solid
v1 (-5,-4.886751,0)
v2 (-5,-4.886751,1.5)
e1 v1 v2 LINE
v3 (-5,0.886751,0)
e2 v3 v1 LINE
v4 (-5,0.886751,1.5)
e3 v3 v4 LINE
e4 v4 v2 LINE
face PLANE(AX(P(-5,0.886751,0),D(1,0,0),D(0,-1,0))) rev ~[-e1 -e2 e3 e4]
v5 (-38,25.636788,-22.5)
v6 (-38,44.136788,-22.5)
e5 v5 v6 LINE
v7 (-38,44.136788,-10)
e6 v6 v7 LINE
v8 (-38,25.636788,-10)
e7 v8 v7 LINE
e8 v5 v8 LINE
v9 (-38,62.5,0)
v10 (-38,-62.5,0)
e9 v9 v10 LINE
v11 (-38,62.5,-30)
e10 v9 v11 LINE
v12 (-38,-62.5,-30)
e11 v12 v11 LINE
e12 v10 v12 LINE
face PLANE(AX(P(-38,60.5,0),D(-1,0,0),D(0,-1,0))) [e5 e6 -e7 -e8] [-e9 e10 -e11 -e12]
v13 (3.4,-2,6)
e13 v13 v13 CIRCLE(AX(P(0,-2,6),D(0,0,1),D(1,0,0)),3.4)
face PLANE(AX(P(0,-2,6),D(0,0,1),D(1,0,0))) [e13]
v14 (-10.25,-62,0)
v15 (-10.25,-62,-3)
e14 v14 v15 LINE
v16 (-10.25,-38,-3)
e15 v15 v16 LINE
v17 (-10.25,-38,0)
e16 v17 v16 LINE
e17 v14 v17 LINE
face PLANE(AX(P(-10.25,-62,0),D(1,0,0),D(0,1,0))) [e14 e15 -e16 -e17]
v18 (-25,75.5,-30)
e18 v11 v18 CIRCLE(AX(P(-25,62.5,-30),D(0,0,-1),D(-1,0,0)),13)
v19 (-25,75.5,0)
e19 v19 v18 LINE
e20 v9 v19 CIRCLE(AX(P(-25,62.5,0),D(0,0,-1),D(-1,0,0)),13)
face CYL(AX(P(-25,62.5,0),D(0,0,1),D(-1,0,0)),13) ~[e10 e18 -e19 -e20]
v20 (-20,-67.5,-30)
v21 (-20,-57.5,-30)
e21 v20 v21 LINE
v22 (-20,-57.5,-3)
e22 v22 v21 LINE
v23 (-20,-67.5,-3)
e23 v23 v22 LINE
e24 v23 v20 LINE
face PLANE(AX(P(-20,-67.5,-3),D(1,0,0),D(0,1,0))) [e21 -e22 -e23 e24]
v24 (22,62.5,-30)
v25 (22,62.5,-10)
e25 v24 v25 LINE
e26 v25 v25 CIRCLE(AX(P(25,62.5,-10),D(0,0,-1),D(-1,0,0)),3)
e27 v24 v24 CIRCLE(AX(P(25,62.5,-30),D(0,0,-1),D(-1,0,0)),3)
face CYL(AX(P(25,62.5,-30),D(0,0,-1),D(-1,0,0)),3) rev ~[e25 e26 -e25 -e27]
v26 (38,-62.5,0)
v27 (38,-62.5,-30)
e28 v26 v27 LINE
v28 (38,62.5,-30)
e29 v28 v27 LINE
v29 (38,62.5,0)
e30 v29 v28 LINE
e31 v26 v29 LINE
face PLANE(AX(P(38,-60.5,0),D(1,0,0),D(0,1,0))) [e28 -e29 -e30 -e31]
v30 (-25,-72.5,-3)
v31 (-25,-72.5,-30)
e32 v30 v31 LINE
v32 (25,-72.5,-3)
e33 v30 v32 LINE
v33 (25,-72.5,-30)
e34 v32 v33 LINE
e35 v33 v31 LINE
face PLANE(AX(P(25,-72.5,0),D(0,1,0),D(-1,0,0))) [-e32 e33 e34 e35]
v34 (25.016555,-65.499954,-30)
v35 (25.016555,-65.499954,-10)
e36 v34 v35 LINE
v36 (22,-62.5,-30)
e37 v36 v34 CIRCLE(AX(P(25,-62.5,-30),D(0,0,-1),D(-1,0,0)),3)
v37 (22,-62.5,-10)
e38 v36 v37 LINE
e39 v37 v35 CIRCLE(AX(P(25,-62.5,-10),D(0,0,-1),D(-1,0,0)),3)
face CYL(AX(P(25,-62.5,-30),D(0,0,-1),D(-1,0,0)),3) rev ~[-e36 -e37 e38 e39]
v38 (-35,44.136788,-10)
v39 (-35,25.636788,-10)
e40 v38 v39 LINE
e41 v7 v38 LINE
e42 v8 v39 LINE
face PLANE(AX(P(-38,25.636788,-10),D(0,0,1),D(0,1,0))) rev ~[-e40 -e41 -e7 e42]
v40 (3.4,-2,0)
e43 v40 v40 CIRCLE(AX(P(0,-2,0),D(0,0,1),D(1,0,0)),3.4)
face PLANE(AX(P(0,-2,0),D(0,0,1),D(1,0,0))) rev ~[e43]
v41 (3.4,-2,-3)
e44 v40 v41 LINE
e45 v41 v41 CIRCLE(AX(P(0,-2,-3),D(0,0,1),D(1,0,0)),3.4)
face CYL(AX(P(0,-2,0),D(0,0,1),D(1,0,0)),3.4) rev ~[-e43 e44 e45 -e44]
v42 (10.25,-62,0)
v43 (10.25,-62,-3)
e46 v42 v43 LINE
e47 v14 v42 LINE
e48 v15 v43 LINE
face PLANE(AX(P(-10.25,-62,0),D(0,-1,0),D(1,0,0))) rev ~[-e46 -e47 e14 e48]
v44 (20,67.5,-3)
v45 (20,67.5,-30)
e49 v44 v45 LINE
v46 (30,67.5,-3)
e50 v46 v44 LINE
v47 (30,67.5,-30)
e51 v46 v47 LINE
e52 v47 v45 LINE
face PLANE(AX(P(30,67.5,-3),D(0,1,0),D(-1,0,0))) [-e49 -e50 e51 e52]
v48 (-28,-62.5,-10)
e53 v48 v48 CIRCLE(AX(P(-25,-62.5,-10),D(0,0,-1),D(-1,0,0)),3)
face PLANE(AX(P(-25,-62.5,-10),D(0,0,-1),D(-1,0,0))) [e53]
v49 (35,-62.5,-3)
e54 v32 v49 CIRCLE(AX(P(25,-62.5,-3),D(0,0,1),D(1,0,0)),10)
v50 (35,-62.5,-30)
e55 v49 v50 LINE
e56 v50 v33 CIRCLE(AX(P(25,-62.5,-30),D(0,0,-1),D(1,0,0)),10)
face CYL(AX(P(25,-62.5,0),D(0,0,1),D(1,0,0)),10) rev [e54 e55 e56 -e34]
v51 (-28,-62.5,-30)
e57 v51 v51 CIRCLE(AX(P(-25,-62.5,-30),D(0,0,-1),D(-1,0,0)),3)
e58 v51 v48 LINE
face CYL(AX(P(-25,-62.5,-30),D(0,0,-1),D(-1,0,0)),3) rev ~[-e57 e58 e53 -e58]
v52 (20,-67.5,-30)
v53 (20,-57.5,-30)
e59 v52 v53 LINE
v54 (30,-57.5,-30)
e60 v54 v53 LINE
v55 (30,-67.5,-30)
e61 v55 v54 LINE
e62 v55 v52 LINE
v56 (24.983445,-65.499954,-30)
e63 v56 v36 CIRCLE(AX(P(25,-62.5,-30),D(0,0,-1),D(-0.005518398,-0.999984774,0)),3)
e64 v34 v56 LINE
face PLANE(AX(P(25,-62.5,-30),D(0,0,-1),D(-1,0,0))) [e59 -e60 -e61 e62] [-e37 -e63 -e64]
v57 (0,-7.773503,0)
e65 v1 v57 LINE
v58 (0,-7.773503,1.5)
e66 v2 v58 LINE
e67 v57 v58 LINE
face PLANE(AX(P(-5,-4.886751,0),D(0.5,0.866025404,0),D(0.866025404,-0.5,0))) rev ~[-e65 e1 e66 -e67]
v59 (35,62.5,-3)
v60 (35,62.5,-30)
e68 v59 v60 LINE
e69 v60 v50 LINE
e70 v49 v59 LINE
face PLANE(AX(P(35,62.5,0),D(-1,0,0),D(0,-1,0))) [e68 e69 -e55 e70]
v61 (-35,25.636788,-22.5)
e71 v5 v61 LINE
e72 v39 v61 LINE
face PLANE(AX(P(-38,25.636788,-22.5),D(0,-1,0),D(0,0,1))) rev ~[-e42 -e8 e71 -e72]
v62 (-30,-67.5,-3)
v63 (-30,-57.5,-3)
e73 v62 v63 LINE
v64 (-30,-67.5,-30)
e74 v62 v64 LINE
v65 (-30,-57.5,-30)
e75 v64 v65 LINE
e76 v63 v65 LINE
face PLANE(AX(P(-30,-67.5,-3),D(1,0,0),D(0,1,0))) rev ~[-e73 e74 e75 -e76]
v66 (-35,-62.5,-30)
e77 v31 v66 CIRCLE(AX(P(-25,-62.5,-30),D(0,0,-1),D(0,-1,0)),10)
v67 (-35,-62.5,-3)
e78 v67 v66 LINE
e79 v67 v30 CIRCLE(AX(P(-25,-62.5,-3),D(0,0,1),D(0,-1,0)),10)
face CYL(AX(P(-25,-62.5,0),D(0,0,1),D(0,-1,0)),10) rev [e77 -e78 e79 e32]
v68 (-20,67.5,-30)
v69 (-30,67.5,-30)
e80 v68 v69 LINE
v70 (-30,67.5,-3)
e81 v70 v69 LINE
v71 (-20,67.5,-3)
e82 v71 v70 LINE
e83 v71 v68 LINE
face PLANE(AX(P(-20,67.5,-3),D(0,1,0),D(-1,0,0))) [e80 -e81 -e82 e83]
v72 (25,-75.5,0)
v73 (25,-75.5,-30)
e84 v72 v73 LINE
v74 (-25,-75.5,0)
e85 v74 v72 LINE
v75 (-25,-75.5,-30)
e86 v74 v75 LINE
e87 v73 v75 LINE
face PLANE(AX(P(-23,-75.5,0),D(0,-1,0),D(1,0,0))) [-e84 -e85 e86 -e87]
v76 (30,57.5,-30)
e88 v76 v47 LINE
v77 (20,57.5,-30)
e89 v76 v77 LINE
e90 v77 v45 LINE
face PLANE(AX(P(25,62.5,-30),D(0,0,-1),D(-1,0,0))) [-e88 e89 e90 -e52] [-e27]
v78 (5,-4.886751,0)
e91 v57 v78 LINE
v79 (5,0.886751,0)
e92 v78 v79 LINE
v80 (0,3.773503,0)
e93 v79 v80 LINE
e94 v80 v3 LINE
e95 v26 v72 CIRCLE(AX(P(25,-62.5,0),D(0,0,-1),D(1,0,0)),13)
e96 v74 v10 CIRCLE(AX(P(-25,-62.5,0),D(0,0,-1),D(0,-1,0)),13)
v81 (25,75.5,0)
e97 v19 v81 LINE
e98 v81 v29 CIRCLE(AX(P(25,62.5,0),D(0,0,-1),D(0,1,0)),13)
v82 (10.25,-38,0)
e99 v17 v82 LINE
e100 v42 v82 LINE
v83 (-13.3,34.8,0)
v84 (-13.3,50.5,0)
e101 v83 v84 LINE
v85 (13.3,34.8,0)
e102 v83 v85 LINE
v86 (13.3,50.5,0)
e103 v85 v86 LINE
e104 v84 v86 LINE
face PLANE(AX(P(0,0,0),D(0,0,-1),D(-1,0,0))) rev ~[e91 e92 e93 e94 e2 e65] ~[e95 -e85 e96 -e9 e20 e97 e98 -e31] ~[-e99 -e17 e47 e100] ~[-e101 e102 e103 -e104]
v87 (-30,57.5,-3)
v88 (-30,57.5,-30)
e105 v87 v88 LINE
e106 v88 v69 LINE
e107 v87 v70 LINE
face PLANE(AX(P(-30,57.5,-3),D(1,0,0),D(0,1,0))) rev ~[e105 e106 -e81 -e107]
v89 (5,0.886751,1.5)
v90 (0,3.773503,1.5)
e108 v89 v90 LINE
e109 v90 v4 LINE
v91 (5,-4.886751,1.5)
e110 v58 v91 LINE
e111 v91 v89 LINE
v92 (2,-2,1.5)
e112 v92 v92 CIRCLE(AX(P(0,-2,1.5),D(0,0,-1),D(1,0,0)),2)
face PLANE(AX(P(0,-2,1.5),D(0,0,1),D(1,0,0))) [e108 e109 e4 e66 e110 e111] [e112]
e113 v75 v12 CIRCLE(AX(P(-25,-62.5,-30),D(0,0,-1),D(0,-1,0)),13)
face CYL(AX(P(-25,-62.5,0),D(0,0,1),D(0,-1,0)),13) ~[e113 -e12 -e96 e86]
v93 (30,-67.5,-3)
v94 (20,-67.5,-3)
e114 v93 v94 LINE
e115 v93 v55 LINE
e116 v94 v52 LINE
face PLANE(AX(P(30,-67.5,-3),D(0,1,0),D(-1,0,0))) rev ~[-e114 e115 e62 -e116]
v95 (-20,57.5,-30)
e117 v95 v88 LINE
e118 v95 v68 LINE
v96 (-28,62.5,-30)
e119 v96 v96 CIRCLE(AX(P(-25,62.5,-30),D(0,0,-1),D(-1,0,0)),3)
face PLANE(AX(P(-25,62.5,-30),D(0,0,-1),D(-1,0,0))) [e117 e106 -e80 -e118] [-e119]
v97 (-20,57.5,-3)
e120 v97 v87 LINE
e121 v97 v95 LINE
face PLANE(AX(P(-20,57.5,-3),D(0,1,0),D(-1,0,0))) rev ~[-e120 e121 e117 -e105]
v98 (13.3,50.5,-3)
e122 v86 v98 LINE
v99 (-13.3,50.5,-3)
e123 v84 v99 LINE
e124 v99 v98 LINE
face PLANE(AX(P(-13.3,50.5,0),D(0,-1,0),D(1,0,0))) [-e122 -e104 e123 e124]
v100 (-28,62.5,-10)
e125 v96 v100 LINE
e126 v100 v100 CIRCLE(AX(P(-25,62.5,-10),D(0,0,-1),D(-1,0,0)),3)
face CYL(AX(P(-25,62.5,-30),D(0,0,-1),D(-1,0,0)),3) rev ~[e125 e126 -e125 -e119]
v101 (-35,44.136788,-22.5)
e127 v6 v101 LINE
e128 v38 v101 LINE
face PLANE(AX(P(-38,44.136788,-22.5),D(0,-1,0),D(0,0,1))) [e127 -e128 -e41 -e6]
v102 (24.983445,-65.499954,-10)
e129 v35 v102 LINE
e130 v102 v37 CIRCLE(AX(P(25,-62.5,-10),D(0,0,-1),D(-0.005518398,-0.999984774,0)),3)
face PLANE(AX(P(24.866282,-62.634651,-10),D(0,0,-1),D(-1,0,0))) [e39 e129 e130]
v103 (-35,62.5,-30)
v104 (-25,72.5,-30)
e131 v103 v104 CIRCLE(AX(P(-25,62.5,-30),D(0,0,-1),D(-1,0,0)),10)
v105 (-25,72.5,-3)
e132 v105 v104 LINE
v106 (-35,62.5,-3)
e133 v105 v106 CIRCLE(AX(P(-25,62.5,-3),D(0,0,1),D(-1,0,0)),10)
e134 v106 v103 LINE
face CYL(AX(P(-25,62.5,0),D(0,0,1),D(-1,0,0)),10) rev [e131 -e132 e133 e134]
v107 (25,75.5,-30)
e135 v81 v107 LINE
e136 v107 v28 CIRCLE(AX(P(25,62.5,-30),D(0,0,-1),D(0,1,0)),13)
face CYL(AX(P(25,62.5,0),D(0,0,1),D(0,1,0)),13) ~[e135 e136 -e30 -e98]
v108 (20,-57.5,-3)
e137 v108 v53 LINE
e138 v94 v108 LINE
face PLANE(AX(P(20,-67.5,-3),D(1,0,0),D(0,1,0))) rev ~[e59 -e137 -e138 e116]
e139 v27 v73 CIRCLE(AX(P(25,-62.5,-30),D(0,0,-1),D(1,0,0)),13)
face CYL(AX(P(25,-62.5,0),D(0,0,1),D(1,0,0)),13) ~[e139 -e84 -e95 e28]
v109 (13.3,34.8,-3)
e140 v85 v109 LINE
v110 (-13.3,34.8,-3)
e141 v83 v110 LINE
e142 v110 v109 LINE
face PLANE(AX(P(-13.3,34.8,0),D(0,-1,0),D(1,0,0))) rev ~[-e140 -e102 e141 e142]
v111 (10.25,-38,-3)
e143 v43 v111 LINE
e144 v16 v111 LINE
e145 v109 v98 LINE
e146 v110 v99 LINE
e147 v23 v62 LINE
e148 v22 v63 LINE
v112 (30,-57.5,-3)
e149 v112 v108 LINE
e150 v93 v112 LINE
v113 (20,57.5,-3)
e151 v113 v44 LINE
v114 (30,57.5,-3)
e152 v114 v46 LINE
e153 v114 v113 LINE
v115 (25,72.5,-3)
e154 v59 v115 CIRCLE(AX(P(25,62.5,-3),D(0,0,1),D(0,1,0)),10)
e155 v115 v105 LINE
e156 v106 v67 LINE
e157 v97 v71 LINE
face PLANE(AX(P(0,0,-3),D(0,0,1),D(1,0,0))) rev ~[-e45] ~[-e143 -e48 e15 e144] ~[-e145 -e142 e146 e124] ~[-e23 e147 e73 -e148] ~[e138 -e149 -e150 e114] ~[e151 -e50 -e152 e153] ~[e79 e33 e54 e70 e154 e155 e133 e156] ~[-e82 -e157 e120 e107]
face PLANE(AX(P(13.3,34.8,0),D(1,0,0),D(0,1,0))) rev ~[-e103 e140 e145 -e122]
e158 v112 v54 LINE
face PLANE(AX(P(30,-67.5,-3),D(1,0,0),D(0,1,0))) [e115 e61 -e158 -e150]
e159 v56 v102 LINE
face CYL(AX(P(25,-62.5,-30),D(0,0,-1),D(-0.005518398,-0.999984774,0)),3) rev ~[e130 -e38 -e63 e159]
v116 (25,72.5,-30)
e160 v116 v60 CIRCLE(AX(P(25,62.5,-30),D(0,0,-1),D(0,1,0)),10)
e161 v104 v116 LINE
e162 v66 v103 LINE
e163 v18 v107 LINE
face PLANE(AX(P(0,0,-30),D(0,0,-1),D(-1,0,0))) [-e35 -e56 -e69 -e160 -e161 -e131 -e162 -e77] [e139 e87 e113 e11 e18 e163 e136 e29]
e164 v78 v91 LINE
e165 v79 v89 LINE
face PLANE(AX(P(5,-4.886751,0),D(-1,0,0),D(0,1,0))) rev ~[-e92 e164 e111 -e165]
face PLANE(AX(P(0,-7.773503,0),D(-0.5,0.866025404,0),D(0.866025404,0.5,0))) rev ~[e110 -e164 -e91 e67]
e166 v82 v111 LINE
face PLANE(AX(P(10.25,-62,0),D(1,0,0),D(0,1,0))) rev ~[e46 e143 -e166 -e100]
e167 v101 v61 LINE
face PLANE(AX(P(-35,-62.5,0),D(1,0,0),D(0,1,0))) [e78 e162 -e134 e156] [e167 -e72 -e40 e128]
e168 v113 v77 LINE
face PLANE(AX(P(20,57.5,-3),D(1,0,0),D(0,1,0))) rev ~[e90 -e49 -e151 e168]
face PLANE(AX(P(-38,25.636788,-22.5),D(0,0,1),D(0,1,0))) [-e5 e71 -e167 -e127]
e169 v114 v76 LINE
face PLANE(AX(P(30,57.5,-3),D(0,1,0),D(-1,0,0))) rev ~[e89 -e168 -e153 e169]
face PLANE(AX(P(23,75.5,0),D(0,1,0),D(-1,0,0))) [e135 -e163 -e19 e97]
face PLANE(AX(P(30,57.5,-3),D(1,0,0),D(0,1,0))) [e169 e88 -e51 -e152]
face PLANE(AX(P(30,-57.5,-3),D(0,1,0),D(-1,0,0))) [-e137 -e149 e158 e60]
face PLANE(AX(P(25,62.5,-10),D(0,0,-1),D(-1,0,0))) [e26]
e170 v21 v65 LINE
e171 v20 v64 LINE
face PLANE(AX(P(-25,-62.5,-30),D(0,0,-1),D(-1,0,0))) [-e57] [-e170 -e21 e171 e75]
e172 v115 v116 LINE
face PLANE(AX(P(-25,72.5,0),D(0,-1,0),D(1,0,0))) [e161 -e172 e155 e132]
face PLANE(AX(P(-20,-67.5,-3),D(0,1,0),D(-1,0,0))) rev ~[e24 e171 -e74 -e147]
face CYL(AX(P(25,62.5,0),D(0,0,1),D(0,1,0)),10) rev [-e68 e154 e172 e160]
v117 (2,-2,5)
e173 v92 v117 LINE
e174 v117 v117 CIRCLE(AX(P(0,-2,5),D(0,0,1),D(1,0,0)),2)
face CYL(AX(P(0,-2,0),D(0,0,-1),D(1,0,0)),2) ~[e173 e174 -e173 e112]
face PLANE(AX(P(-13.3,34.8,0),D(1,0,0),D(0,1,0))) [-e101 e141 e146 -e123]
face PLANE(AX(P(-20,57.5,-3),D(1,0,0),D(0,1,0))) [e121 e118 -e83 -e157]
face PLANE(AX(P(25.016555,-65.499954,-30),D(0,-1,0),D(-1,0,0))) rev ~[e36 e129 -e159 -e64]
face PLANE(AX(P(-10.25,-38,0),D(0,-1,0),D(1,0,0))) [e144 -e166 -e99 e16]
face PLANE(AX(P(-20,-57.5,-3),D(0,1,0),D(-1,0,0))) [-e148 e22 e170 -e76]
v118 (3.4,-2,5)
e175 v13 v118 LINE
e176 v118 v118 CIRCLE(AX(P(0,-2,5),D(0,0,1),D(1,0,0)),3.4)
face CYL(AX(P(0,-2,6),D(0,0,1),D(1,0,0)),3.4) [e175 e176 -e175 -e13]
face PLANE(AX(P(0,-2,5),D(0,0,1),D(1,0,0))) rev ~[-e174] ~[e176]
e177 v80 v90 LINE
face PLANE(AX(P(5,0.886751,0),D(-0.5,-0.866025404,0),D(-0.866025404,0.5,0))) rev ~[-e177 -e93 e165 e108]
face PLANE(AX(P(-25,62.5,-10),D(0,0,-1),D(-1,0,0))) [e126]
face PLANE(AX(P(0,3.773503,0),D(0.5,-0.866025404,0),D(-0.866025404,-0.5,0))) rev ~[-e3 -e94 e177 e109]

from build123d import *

# Parameters (mm, degrees)
BOSS_EXTRUDE1_DEPTH = 30
BOSS_EXTRUDE2_DEPTH = 3
SKETCH7_R           = 3.4
SKETCH7_W           = 26.6
SKETCH7_H           = 15.7
SKETCH7_W_2         = 20.5
SKETCH7_H_2         = 24
CUT_EXTRUDE1_DEPTH  = 3
SKETCH8_W           = 10
SKETCH8_H           = 10
BOSS_EXTRUDE3_DEPTH = 27
SKETCH9_R           = 3
CUT_EXTRUDE2_DEPTH  = 20
SKETCH10_W          = 12.5
SKETCH10_H          = 18.5
CUT_EXTRUDE3_DEPTH  = 10
BOSS_EXTRUDE4_DEPTH = 1.5
SKETCH14_R          = 2
BOSS_EXTRUDE5_DEPTH = 5
BOSS_EXTRUDE6_START = 1
SKETCH15_R          = 3.4
BOSS_EXTRUDE6_DEPTH = 1


with BuildPart() as part:
    # Sketch1 → Boss-Extrude1 (new body)
    with BuildSketch(Plane.XY):
        with BuildLine():
            Line((-25, 75.5), (25, 75.5))
            ThreePointArc((25, 75.5), (34.192388155, 71.692388155), (38, 62.5))
            Line((38, 62.5), (38, -62.5))
            ThreePointArc((38, -62.5), (34.192388155, -71.692388155), (25, -75.5))
            Line((25, -75.5), (-25, -75.5))
            ThreePointArc((-25, -75.5), (-34.192388155, -71.692388155), (-38, -62.5))
            Line((-38, -62.5), (-38, 62.5))
            ThreePointArc((-38, 62.5), (-34.192388155, 71.692388155), (-25, 75.5))
        make_face()
        with BuildLine():
            Line((-25, 72.5), (25, 72.5))
            ThreePointArc((25, 72.5), (32.071067812, 69.571067812), (35, 62.5))
            Line((35, 62.5), (35, -62.5))
            ThreePointArc((35, -62.5), (32.071067812, -69.571067812), (25, -72.5))
            Line((25, -72.5), (-25, -72.5))
            ThreePointArc((-25, -72.5), (-32.071067812, -69.571067812), (-35, -62.5))
            Line((-35, -62.5), (-35, 62.5))
            ThreePointArc((-35, 62.5), (-32.071067812, 69.571067812), (-25, 72.5))
        make_face(mode=Mode.SUBTRACT)
    extrude(amount=-BOSS_EXTRUDE1_DEPTH)

    # Sketch6 → Boss-Extrude2 (add)
    with BuildSketch(Plane.XY):
        with BuildLine():
            Line((-23, -75.5), (23, -75.5))
            ThreePointArc((23, -75.5), (33.606601718, -71.106601718), (38, -60.5))
            Line((38, -60.5), (38, 60.5))
            ThreePointArc((38, 60.5), (33.606601718, 71.106601718), (23, 75.5))
            Line((23, 75.5), (-23, 75.5))
            ThreePointArc((-23, 75.5), (-33.606601718, 71.106601718), (-38, 60.5))
            Line((-38, 60.5), (-38, -60.5))
            ThreePointArc((-38, -60.5), (-33.606601718, -71.106601718), (-23, -75.5))
        make_face()
    extrude(amount=-BOSS_EXTRUDE2_DEPTH)

    # Sketch7 → Cut-Extrude1 (cut)
    with BuildSketch(Plane.XY):
        with Locations((0, -2)):
            Circle(SKETCH7_R)
        with Locations((0, 42.65)):
            Rectangle(SKETCH7_W, SKETCH7_H)
        with Locations((0, -50)):
            Rectangle(SKETCH7_W_2, SKETCH7_H_2)
    extrude(amount=-CUT_EXTRUDE1_DEPTH, mode=Mode.SUBTRACT)

    # Sketch8 → Boss-Extrude3 (add)
    with BuildSketch(Plane(origin=(0, 0, -3), x_dir=(-1, 0, 0), z_dir=(0, 0, -1))):
        with Locations((-25, 62.5)):
            Rectangle(SKETCH8_W, SKETCH8_H)
        with Locations((25, 62.5)):
            Rectangle(SKETCH8_W, SKETCH8_H)
        with Locations((25, -62.5)):
            Rectangle(SKETCH8_W, SKETCH8_H)
        with Locations((-25, -62.5)):
            Rectangle(SKETCH8_W, SKETCH8_H)
    extrude(amount=BOSS_EXTRUDE3_DEPTH)

    # Sketch9 → Cut-Extrude2 (cut)
    with BuildSketch(Plane(origin=(0, 0, -30), x_dir=(-1, 0, 0), z_dir=(0, 0, -1))):
        with Locations((-25, 62.5)):
            Circle(SKETCH9_R)
        with Locations((25, 62.5)):
            Circle(SKETCH9_R)
        with BuildLine():
            Line((-25.016555193, -65.499954321), (-24.983444807, -65.499954321))
            ThreePointArc((-24.983444807, -65.499954321), (-22.872834565, -64.615459102), (-22, -62.5))
            ThreePointArc((-22, -62.5), (-27.115459102, -60.372834565), (-25.016555193, -65.499954321))
        make_face()
        with Locations((25, -62.5)):
            Circle(SKETCH9_R)
    extrude(amount=-CUT_EXTRUDE2_DEPTH, mode=Mode.SUBTRACT)

    # Sketch10 → Cut-Extrude3 (cut)
    with BuildSketch(Plane.ZY.offset(38)):
        with Locations((-16.25, 34.886787821)):
            Rectangle(SKETCH10_W, SKETCH10_H)
    extrude(amount=-CUT_EXTRUDE3_DEPTH, mode=Mode.SUBTRACT)

    # Sketch12 → Boss-Extrude4 (add)
    with BuildSketch(Plane.XY):
        Polygon((5, -4.886751346), (5, 0.886751346), (0, 3.773502692), (-5, 0.886751346), (-5, -4.886751346), (0, -7.773502692), align=None)
    extrude(amount=BOSS_EXTRUDE4_DEPTH)

    # Sketch14 → Boss-Extrude5 (add)
    with BuildSketch(Plane.XY):
        with Locations((0, -2)):
            Circle(SKETCH14_R)
    extrude(amount=BOSS_EXTRUDE5_DEPTH)

    # Sketch15 → Boss-Extrude6 (add)
    with BuildSketch(Plane.XY.offset(5).offset(BOSS_EXTRUDE6_START)):
        with Locations((0, -2)):
            Circle(SKETCH15_R)
    extrude(amount=-BOSS_EXTRUDE6_DEPTH)


solid = part.part
